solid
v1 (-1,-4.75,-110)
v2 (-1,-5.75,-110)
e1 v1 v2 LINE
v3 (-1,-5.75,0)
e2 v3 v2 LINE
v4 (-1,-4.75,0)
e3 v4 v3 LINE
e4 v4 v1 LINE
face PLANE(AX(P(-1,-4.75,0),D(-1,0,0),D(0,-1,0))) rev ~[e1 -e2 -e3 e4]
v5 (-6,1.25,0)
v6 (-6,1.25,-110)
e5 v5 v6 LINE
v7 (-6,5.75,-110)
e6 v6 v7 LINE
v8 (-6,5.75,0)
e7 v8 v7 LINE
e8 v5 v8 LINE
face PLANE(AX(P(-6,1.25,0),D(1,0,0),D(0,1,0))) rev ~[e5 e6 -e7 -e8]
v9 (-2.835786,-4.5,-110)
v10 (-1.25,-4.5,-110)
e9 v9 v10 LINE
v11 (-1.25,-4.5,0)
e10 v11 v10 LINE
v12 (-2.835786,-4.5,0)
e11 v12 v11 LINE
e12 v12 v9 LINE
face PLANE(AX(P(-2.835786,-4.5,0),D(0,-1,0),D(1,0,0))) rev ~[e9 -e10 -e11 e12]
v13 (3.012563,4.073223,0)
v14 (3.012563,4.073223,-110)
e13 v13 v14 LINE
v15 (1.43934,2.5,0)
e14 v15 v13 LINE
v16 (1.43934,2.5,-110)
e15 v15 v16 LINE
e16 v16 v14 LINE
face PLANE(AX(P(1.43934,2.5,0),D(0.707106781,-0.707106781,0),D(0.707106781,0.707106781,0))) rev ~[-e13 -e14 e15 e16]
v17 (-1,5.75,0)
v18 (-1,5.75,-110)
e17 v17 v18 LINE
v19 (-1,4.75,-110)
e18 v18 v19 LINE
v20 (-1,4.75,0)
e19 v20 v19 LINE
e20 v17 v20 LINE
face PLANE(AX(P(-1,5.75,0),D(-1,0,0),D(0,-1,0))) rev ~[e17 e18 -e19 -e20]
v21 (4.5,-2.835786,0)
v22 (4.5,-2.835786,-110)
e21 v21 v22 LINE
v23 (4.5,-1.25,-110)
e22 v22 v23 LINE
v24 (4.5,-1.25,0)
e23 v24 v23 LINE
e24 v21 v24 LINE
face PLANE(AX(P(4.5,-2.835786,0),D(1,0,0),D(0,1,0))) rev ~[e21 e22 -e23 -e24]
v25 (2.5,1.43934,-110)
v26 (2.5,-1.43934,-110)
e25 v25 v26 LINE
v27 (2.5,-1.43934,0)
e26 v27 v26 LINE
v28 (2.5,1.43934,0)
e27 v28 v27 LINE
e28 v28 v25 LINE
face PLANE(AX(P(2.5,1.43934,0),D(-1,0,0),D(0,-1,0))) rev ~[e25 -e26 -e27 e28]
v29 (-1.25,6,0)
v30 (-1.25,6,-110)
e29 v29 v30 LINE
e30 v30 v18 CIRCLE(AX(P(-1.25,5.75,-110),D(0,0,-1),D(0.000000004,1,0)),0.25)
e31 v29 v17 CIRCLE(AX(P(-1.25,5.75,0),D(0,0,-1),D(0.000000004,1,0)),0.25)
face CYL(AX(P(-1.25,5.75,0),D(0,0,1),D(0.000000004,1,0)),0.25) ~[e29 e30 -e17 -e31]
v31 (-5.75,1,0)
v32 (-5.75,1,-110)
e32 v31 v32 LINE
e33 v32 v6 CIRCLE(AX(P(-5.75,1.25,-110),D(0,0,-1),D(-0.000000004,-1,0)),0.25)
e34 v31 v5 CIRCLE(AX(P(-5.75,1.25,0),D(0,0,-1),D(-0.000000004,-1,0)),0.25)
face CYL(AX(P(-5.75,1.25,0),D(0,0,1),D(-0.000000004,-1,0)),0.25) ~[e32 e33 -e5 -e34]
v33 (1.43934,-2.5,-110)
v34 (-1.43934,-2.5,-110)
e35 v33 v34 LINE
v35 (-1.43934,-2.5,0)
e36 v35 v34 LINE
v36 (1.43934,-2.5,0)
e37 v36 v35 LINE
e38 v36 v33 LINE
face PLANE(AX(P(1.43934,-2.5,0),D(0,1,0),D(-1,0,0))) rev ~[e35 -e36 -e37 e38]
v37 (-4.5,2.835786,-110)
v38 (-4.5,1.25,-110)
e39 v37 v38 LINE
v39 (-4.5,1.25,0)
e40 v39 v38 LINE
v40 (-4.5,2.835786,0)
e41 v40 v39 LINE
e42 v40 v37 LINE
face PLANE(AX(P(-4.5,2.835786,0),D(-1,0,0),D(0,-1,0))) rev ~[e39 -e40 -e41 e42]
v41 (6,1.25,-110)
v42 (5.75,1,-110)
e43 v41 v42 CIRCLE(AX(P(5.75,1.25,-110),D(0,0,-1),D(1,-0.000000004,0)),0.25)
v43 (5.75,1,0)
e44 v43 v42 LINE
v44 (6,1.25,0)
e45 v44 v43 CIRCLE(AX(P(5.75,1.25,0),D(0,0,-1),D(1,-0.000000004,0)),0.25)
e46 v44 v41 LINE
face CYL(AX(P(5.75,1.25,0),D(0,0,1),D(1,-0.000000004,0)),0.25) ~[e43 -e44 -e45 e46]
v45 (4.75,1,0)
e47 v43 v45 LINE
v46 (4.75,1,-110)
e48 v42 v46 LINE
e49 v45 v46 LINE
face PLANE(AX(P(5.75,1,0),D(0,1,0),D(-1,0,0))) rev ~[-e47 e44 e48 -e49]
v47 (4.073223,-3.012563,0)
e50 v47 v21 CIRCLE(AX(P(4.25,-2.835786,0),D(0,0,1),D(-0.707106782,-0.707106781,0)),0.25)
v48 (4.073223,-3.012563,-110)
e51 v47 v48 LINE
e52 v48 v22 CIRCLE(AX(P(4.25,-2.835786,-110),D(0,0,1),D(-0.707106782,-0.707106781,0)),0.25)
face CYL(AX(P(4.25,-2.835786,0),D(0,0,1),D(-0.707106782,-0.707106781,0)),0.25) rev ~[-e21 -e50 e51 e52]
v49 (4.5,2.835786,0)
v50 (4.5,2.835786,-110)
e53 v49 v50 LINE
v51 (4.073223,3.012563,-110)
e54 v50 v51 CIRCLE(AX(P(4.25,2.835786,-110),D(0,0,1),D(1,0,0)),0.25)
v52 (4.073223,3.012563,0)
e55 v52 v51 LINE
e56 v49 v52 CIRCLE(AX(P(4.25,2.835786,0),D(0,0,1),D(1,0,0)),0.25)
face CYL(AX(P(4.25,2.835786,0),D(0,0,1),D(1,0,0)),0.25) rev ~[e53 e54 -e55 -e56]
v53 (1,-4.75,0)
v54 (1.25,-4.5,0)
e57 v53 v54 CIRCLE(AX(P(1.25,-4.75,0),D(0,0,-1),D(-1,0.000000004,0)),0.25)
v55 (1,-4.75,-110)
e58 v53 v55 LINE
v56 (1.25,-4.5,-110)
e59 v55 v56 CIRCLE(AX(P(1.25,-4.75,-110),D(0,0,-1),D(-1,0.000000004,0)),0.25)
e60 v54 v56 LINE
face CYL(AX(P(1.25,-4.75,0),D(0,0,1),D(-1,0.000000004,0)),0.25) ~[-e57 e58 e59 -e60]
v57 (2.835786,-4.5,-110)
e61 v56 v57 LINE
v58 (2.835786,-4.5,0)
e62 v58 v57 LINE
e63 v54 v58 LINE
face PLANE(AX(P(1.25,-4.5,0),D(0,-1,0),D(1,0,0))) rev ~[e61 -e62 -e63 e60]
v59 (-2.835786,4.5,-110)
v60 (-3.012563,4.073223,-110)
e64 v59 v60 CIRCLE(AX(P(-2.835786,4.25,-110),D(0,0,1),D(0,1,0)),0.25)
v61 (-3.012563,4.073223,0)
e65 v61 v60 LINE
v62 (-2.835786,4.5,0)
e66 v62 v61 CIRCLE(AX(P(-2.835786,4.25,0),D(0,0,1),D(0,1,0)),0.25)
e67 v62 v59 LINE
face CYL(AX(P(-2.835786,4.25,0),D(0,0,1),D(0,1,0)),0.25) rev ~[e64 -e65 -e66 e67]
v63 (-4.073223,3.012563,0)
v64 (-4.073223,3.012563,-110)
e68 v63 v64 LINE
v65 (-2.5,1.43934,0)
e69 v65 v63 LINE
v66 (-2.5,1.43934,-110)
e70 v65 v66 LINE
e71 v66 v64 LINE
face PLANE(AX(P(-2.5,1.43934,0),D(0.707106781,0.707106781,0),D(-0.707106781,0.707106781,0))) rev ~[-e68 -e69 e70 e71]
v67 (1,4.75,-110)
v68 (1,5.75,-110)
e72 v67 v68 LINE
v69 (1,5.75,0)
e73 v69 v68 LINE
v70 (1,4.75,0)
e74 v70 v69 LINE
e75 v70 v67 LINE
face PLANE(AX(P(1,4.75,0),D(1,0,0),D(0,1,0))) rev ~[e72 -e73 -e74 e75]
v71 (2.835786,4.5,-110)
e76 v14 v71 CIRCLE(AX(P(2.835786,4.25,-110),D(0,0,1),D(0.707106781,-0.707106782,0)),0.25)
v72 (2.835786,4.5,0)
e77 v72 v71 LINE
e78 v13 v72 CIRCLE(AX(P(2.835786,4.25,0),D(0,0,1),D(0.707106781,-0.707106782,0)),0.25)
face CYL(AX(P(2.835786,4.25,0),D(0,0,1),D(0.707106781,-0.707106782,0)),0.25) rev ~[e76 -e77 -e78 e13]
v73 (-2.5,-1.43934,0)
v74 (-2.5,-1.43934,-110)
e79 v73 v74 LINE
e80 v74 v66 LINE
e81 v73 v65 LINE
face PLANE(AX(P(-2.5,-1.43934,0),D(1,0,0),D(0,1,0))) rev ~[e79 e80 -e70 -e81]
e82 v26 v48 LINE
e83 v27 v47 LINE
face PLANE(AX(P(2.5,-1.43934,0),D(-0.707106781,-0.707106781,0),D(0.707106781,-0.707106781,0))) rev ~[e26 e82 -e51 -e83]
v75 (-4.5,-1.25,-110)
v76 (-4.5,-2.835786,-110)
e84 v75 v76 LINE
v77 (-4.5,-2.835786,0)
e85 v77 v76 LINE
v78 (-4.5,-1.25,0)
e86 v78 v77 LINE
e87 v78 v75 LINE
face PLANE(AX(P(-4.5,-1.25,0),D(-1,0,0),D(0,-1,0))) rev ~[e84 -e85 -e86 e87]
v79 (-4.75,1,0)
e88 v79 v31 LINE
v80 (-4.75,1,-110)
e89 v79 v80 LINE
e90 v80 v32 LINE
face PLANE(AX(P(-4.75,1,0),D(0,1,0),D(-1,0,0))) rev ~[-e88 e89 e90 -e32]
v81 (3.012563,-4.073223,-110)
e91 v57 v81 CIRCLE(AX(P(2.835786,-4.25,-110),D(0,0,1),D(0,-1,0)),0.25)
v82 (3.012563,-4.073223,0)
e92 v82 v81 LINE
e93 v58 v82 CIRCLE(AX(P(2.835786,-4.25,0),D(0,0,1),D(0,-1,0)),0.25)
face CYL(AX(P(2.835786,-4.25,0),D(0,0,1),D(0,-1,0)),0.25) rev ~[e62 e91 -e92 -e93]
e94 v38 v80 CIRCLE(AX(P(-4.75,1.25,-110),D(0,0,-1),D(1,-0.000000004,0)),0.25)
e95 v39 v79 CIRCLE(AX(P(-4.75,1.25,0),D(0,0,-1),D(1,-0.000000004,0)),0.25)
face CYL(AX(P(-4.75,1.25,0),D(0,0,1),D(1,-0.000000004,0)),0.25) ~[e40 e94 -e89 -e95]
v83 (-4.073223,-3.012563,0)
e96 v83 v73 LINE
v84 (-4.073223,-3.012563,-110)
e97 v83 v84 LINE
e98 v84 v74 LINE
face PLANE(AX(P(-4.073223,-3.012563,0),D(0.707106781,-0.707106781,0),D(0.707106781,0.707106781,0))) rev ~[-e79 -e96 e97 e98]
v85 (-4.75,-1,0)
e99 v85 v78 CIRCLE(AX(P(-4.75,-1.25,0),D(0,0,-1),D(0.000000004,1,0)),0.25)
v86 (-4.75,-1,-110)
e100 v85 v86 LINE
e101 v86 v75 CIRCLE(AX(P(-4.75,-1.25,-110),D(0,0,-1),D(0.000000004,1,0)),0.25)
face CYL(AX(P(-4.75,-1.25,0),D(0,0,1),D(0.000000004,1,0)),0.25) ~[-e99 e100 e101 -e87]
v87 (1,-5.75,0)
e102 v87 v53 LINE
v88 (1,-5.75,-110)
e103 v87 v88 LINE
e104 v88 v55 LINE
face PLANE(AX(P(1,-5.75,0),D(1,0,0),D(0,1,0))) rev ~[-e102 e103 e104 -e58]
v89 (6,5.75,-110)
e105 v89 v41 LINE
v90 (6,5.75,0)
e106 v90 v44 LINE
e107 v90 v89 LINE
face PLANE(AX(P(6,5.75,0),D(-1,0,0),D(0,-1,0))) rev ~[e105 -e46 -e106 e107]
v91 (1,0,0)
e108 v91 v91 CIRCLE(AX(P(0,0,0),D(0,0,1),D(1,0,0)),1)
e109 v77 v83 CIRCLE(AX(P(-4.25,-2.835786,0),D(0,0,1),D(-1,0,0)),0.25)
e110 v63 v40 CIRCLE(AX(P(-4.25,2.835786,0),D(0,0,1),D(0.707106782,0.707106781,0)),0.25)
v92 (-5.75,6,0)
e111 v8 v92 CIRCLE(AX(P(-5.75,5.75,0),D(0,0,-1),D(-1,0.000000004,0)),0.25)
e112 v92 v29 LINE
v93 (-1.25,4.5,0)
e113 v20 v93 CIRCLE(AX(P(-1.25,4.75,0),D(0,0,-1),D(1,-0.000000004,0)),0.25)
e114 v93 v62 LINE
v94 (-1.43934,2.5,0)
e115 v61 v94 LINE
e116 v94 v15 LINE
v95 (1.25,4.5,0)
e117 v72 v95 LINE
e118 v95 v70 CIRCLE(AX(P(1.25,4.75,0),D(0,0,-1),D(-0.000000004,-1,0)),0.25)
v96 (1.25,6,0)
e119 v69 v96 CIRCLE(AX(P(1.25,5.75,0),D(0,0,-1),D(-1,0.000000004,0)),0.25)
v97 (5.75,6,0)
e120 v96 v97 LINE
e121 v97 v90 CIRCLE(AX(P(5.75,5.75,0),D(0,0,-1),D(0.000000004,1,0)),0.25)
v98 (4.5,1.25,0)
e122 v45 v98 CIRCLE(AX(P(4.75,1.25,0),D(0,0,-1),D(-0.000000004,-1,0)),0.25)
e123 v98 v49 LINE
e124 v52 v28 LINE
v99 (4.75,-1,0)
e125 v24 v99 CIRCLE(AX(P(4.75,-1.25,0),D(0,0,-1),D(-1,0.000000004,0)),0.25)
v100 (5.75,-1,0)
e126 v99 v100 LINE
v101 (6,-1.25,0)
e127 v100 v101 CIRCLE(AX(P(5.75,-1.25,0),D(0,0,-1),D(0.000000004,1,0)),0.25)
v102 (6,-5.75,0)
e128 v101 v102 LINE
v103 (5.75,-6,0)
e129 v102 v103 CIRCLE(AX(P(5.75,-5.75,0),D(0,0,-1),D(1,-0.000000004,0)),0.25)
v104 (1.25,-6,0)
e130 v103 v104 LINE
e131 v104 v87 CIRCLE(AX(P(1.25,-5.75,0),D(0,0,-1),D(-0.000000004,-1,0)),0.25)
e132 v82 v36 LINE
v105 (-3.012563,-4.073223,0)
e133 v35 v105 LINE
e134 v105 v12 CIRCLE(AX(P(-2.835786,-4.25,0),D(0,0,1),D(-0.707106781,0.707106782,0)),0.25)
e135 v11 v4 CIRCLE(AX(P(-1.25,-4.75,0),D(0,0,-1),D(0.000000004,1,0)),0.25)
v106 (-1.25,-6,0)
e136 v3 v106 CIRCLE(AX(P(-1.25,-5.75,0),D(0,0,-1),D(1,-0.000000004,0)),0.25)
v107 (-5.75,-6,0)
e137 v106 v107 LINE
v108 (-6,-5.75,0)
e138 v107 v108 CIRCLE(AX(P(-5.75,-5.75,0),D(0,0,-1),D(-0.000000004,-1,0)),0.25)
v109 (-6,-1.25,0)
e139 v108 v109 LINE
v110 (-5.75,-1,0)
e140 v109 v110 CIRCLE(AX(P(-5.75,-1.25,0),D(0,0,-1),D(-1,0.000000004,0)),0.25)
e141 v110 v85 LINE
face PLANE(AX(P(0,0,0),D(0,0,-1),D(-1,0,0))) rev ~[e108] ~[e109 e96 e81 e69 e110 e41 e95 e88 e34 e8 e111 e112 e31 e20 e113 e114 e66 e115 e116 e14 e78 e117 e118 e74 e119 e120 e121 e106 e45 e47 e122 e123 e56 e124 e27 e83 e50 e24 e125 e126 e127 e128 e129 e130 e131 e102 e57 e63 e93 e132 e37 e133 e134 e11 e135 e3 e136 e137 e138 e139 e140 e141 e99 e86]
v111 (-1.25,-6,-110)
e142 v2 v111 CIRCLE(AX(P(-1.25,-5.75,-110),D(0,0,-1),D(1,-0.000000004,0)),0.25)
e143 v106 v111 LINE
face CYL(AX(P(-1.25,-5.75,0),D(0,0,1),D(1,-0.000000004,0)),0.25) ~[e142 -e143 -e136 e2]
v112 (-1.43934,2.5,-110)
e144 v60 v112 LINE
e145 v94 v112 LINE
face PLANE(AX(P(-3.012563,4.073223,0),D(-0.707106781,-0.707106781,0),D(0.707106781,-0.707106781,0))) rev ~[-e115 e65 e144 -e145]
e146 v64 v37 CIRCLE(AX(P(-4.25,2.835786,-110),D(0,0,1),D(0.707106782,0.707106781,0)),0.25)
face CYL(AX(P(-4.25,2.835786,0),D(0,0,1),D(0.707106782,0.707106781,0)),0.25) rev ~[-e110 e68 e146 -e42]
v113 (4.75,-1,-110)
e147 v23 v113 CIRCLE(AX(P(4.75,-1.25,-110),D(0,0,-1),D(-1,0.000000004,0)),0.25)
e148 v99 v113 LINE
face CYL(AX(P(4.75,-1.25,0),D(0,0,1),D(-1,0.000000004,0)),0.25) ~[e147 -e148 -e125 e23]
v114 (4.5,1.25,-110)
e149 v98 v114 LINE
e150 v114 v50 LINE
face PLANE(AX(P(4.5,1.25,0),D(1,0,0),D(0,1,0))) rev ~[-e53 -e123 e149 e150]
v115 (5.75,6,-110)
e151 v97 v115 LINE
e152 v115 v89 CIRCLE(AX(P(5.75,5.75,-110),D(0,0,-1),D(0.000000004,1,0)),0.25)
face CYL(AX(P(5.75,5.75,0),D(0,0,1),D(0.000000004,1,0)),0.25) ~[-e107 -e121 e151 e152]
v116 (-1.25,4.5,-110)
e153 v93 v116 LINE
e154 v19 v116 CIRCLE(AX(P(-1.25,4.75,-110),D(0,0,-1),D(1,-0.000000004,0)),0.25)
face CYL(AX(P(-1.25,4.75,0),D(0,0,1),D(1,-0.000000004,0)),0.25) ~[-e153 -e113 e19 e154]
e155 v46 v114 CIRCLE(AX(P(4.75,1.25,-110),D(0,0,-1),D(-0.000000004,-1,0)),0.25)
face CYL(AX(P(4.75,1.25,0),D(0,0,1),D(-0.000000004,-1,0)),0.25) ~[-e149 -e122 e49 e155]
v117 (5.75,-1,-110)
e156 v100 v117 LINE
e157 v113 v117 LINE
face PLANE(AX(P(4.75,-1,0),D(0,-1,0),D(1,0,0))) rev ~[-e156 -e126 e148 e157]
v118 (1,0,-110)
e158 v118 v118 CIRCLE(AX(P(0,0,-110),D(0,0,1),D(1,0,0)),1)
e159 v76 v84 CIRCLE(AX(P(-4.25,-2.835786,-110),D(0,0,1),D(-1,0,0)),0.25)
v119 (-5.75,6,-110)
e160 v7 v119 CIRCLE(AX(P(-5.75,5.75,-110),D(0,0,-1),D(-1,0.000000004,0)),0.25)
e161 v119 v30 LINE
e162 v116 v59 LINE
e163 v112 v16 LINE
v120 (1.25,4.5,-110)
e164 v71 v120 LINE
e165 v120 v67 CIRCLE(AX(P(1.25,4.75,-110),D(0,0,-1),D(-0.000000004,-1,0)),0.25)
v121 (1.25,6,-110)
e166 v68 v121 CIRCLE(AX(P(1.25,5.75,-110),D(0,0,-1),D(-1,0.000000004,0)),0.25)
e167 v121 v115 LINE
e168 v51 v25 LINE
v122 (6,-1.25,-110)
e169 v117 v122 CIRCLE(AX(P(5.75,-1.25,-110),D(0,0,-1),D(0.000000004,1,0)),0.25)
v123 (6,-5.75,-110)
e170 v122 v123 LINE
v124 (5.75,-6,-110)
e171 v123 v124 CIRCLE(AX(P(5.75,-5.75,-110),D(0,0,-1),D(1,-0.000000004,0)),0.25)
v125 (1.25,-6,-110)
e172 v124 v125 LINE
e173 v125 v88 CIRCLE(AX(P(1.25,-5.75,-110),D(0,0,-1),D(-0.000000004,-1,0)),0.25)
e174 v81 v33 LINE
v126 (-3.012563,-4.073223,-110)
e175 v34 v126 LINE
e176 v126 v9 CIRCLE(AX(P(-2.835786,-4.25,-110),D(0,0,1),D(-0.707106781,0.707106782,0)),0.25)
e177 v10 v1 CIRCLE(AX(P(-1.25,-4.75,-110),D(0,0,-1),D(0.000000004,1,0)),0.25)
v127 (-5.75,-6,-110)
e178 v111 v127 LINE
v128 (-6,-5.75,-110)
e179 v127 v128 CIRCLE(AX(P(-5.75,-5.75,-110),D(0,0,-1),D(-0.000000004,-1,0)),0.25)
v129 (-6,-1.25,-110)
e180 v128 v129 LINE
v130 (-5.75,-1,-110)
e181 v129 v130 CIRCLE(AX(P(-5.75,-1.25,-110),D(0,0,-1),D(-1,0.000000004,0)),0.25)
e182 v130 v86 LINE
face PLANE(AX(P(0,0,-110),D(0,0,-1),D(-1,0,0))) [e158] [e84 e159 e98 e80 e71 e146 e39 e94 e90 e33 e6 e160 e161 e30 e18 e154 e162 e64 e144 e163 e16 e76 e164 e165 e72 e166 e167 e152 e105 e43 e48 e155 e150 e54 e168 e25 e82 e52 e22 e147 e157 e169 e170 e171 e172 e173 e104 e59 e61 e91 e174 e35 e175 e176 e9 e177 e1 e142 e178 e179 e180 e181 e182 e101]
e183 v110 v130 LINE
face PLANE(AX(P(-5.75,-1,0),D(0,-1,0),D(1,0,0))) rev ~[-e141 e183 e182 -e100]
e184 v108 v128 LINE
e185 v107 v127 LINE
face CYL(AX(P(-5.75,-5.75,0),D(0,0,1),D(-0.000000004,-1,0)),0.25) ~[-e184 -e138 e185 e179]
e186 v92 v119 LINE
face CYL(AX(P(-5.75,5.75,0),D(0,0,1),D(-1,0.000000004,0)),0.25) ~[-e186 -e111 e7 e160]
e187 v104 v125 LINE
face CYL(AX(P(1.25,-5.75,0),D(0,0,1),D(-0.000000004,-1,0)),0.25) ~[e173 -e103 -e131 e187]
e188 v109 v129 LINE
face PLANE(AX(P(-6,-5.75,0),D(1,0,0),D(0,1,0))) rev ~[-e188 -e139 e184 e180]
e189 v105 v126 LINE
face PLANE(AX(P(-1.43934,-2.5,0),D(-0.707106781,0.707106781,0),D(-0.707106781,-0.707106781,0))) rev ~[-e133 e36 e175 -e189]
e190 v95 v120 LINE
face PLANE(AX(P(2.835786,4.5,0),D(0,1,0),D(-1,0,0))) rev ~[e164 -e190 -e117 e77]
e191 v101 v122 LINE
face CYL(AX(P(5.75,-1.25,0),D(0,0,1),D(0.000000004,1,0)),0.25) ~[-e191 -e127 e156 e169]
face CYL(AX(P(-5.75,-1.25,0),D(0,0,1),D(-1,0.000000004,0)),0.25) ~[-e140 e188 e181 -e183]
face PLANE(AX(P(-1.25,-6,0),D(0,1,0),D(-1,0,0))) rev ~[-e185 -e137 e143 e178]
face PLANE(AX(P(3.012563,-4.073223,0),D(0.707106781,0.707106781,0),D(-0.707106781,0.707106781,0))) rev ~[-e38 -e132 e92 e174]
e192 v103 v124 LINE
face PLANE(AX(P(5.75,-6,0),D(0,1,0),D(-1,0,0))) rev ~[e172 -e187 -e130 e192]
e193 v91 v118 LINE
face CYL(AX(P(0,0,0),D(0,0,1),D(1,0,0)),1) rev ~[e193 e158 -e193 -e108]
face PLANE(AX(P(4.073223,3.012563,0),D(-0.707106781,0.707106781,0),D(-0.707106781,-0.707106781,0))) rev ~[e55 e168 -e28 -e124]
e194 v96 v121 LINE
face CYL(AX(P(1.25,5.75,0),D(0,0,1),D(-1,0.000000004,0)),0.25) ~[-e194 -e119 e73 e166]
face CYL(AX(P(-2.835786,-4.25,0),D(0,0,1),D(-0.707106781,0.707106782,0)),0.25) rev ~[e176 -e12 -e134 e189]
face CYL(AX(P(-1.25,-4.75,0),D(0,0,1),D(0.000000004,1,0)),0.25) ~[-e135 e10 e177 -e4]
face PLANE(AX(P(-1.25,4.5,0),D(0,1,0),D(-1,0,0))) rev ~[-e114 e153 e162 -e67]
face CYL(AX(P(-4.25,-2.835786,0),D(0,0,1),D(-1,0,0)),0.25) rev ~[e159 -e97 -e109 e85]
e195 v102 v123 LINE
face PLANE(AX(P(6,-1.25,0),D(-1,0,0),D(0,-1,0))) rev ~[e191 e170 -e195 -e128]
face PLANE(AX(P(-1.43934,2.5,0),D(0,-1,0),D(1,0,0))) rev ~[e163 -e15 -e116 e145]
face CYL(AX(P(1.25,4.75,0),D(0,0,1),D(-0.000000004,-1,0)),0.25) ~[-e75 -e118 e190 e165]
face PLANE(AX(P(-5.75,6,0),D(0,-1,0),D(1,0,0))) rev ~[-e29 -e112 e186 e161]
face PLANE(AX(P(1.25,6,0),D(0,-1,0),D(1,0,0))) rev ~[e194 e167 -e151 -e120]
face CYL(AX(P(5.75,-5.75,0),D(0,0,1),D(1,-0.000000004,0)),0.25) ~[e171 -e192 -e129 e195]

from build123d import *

# Parameters (mm, degrees)
SZKIC1_R                    = 1
DODANIE_WYCI_GNI_CIE1_DEPTH = 110


with BuildPart() as part:
    # Szkic1 → Dodanie-wyciągnięcie1 (new body)
    with BuildSketch(Plane.XY):
        with BuildLine():
            Line((-1.439339828, 2.5), (1.439339828, 2.5))
            Line((1.439339828, 2.5), (3.012563133, 4.073223305))
            ThreePointArc((3.012563133, 4.073223305), (3.066756321, 4.345670858), (2.835786438, 4.5))
            Line((2.835786438, 4.5), (1.25, 4.5))
            ThreePointArc((1.25, 4.5), (1.073223305, 4.573223305), (1, 4.75))
            Line((1, 4.75), (1, 5.75))
            ThreePointArc((1, 5.75), (1.073223305, 5.926776695), (1.25, 6))
            Line((1.25, 6), (5.75, 6))
            ThreePointArc((5.75, 6), (5.926776695, 5.926776695), (6, 5.75))
            Line((6, 5.75), (6, 1.25))
            ThreePointArc((6, 1.25), (5.926776695, 1.073223305), (5.75, 1))
            Line((5.75, 1), (4.75, 1))
            ThreePointArc((4.75, 1), (4.573223305, 1.073223305), (4.5, 1.25))
            Line((4.5, 1.25), (4.5, 2.835786438))
            ThreePointArc((4.5, 2.835786438), (4.345670858, 3.066756321), (4.073223305, 3.012563133))
            Line((4.073223305, 3.012563133), (2.5, 1.439339828))
            Line((2.5, 1.439339828), (2.5, -1.439339828))
            Line((2.5, -1.439339828), (4.073223305, -3.012563133))
            ThreePointArc((4.073223305, -3.012563133), (4.345670858, -3.066756321), (4.5, -2.835786438))
            Line((4.5, -2.835786438), (4.5, -1.25))
            ThreePointArc((4.5, -1.25), (4.573223305, -1.073223305), (4.75, -1))
            Line((4.75, -1), (5.75, -1))
            ThreePointArc((5.75, -1), (5.926776695, -1.073223305), (6, -1.25))
            Line((6, -1.25), (6, -5.75))
            ThreePointArc((6, -5.75), (5.926776695, -5.926776695), (5.75, -6))
            Line((5.75, -6), (1.25, -6))
            ThreePointArc((1.25, -6), (1.073223305, -5.926776695), (1, -5.75))
            Line((1, -5.75), (1, -4.75))
            ThreePointArc((1, -4.75), (1.073223305, -4.573223305), (1.25, -4.5))
            Line((1.25, -4.5), (2.835786438, -4.5))
            ThreePointArc((2.835786438, -4.5), (3.066756321, -4.345670858), (3.012563133, -4.073223305))
            Line((3.012563133, -4.073223305), (1.439339828, -2.5))
            Line((1.439339828, -2.5), (-1.439339828, -2.5))
            Line((-1.439339828, -2.5), (-3.012563133, -4.073223305))
            ThreePointArc((-3.012563133, -4.073223305), (-3.066756321, -4.345670858), (-2.835786438, -4.5))
            Line((-2.835786438, -4.5), (-1.25, -4.5))
            ThreePointArc((-1.25, -4.5), (-1.073223305, -4.573223305), (-1, -4.75))
            Line((-1, -4.75), (-1, -5.75))
            ThreePointArc((-1, -5.75), (-1.073223305, -5.926776695), (-1.25, -6))
            Line((-1.25, -6), (-5.75, -6))
            ThreePointArc((-5.75, -6), (-5.926776695, -5.926776695), (-6, -5.75))
            Line((-6, -5.75), (-6, -1.25))
            ThreePointArc((-6, -1.25), (-5.926776695, -1.073223305), (-5.75, -1))
            Line((-5.75, -1), (-4.75, -1))
            ThreePointArc((-4.75, -1), (-4.573223305, -1.073223305), (-4.5, -1.25))
            Line((-4.5, -1.25), (-4.5, -2.835786438))
            ThreePointArc((-4.5, -2.835786438), (-4.345670858, -3.066756321), (-4.073223305, -3.012563133))
            Line((-4.073223305, -3.012563133), (-2.5, -1.439339828))
            Line((-2.5, -1.439339828), (-2.5, 1.439339828))
            Line((-2.5, 1.439339828), (-4.073223305, 3.012563133))
            ThreePointArc((-4.073223305, 3.012563133), (-4.345670858, 3.066756321), (-4.5, 2.835786438))
            Line((-4.5, 2.835786438), (-4.5, 1.25))
            ThreePointArc((-4.5, 1.25), (-4.573223305, 1.073223305), (-4.75, 1))
            Line((-4.75, 1), (-5.75, 1))
            ThreePointArc((-5.75, 1), (-5.926776695, 1.073223305), (-6, 1.25))
            Line((-6, 1.25), (-6, 5.75))
            ThreePointArc((-6, 5.75), (-5.926776695, 5.926776695), (-5.75, 6))
            Line((-5.75, 6), (-1.25, 6))
            ThreePointArc((-1.25, 6), (-1.073223305, 5.926776695), (-1, 5.75))
            Line((-1, 5.75), (-1, 4.75))
            ThreePointArc((-1, 4.75), (-1.073223305, 4.573223305), (-1.25, 4.5))
            Line((-1.25, 4.5), (-2.835786438, 4.5))
            ThreePointArc((-2.835786438, 4.5), (-3.066756321, 4.345670858), (-3.012563133, 4.073223305))
            Line((-3.012563133, 4.073223305), (-1.439339828, 2.5))
        make_face()
        Circle(SZKIC1_R, mode=Mode.SUBTRACT)
    extrude(amount=-DODANIE_WYCI_GNI_CIE1_DEPTH)


solid = part.part
